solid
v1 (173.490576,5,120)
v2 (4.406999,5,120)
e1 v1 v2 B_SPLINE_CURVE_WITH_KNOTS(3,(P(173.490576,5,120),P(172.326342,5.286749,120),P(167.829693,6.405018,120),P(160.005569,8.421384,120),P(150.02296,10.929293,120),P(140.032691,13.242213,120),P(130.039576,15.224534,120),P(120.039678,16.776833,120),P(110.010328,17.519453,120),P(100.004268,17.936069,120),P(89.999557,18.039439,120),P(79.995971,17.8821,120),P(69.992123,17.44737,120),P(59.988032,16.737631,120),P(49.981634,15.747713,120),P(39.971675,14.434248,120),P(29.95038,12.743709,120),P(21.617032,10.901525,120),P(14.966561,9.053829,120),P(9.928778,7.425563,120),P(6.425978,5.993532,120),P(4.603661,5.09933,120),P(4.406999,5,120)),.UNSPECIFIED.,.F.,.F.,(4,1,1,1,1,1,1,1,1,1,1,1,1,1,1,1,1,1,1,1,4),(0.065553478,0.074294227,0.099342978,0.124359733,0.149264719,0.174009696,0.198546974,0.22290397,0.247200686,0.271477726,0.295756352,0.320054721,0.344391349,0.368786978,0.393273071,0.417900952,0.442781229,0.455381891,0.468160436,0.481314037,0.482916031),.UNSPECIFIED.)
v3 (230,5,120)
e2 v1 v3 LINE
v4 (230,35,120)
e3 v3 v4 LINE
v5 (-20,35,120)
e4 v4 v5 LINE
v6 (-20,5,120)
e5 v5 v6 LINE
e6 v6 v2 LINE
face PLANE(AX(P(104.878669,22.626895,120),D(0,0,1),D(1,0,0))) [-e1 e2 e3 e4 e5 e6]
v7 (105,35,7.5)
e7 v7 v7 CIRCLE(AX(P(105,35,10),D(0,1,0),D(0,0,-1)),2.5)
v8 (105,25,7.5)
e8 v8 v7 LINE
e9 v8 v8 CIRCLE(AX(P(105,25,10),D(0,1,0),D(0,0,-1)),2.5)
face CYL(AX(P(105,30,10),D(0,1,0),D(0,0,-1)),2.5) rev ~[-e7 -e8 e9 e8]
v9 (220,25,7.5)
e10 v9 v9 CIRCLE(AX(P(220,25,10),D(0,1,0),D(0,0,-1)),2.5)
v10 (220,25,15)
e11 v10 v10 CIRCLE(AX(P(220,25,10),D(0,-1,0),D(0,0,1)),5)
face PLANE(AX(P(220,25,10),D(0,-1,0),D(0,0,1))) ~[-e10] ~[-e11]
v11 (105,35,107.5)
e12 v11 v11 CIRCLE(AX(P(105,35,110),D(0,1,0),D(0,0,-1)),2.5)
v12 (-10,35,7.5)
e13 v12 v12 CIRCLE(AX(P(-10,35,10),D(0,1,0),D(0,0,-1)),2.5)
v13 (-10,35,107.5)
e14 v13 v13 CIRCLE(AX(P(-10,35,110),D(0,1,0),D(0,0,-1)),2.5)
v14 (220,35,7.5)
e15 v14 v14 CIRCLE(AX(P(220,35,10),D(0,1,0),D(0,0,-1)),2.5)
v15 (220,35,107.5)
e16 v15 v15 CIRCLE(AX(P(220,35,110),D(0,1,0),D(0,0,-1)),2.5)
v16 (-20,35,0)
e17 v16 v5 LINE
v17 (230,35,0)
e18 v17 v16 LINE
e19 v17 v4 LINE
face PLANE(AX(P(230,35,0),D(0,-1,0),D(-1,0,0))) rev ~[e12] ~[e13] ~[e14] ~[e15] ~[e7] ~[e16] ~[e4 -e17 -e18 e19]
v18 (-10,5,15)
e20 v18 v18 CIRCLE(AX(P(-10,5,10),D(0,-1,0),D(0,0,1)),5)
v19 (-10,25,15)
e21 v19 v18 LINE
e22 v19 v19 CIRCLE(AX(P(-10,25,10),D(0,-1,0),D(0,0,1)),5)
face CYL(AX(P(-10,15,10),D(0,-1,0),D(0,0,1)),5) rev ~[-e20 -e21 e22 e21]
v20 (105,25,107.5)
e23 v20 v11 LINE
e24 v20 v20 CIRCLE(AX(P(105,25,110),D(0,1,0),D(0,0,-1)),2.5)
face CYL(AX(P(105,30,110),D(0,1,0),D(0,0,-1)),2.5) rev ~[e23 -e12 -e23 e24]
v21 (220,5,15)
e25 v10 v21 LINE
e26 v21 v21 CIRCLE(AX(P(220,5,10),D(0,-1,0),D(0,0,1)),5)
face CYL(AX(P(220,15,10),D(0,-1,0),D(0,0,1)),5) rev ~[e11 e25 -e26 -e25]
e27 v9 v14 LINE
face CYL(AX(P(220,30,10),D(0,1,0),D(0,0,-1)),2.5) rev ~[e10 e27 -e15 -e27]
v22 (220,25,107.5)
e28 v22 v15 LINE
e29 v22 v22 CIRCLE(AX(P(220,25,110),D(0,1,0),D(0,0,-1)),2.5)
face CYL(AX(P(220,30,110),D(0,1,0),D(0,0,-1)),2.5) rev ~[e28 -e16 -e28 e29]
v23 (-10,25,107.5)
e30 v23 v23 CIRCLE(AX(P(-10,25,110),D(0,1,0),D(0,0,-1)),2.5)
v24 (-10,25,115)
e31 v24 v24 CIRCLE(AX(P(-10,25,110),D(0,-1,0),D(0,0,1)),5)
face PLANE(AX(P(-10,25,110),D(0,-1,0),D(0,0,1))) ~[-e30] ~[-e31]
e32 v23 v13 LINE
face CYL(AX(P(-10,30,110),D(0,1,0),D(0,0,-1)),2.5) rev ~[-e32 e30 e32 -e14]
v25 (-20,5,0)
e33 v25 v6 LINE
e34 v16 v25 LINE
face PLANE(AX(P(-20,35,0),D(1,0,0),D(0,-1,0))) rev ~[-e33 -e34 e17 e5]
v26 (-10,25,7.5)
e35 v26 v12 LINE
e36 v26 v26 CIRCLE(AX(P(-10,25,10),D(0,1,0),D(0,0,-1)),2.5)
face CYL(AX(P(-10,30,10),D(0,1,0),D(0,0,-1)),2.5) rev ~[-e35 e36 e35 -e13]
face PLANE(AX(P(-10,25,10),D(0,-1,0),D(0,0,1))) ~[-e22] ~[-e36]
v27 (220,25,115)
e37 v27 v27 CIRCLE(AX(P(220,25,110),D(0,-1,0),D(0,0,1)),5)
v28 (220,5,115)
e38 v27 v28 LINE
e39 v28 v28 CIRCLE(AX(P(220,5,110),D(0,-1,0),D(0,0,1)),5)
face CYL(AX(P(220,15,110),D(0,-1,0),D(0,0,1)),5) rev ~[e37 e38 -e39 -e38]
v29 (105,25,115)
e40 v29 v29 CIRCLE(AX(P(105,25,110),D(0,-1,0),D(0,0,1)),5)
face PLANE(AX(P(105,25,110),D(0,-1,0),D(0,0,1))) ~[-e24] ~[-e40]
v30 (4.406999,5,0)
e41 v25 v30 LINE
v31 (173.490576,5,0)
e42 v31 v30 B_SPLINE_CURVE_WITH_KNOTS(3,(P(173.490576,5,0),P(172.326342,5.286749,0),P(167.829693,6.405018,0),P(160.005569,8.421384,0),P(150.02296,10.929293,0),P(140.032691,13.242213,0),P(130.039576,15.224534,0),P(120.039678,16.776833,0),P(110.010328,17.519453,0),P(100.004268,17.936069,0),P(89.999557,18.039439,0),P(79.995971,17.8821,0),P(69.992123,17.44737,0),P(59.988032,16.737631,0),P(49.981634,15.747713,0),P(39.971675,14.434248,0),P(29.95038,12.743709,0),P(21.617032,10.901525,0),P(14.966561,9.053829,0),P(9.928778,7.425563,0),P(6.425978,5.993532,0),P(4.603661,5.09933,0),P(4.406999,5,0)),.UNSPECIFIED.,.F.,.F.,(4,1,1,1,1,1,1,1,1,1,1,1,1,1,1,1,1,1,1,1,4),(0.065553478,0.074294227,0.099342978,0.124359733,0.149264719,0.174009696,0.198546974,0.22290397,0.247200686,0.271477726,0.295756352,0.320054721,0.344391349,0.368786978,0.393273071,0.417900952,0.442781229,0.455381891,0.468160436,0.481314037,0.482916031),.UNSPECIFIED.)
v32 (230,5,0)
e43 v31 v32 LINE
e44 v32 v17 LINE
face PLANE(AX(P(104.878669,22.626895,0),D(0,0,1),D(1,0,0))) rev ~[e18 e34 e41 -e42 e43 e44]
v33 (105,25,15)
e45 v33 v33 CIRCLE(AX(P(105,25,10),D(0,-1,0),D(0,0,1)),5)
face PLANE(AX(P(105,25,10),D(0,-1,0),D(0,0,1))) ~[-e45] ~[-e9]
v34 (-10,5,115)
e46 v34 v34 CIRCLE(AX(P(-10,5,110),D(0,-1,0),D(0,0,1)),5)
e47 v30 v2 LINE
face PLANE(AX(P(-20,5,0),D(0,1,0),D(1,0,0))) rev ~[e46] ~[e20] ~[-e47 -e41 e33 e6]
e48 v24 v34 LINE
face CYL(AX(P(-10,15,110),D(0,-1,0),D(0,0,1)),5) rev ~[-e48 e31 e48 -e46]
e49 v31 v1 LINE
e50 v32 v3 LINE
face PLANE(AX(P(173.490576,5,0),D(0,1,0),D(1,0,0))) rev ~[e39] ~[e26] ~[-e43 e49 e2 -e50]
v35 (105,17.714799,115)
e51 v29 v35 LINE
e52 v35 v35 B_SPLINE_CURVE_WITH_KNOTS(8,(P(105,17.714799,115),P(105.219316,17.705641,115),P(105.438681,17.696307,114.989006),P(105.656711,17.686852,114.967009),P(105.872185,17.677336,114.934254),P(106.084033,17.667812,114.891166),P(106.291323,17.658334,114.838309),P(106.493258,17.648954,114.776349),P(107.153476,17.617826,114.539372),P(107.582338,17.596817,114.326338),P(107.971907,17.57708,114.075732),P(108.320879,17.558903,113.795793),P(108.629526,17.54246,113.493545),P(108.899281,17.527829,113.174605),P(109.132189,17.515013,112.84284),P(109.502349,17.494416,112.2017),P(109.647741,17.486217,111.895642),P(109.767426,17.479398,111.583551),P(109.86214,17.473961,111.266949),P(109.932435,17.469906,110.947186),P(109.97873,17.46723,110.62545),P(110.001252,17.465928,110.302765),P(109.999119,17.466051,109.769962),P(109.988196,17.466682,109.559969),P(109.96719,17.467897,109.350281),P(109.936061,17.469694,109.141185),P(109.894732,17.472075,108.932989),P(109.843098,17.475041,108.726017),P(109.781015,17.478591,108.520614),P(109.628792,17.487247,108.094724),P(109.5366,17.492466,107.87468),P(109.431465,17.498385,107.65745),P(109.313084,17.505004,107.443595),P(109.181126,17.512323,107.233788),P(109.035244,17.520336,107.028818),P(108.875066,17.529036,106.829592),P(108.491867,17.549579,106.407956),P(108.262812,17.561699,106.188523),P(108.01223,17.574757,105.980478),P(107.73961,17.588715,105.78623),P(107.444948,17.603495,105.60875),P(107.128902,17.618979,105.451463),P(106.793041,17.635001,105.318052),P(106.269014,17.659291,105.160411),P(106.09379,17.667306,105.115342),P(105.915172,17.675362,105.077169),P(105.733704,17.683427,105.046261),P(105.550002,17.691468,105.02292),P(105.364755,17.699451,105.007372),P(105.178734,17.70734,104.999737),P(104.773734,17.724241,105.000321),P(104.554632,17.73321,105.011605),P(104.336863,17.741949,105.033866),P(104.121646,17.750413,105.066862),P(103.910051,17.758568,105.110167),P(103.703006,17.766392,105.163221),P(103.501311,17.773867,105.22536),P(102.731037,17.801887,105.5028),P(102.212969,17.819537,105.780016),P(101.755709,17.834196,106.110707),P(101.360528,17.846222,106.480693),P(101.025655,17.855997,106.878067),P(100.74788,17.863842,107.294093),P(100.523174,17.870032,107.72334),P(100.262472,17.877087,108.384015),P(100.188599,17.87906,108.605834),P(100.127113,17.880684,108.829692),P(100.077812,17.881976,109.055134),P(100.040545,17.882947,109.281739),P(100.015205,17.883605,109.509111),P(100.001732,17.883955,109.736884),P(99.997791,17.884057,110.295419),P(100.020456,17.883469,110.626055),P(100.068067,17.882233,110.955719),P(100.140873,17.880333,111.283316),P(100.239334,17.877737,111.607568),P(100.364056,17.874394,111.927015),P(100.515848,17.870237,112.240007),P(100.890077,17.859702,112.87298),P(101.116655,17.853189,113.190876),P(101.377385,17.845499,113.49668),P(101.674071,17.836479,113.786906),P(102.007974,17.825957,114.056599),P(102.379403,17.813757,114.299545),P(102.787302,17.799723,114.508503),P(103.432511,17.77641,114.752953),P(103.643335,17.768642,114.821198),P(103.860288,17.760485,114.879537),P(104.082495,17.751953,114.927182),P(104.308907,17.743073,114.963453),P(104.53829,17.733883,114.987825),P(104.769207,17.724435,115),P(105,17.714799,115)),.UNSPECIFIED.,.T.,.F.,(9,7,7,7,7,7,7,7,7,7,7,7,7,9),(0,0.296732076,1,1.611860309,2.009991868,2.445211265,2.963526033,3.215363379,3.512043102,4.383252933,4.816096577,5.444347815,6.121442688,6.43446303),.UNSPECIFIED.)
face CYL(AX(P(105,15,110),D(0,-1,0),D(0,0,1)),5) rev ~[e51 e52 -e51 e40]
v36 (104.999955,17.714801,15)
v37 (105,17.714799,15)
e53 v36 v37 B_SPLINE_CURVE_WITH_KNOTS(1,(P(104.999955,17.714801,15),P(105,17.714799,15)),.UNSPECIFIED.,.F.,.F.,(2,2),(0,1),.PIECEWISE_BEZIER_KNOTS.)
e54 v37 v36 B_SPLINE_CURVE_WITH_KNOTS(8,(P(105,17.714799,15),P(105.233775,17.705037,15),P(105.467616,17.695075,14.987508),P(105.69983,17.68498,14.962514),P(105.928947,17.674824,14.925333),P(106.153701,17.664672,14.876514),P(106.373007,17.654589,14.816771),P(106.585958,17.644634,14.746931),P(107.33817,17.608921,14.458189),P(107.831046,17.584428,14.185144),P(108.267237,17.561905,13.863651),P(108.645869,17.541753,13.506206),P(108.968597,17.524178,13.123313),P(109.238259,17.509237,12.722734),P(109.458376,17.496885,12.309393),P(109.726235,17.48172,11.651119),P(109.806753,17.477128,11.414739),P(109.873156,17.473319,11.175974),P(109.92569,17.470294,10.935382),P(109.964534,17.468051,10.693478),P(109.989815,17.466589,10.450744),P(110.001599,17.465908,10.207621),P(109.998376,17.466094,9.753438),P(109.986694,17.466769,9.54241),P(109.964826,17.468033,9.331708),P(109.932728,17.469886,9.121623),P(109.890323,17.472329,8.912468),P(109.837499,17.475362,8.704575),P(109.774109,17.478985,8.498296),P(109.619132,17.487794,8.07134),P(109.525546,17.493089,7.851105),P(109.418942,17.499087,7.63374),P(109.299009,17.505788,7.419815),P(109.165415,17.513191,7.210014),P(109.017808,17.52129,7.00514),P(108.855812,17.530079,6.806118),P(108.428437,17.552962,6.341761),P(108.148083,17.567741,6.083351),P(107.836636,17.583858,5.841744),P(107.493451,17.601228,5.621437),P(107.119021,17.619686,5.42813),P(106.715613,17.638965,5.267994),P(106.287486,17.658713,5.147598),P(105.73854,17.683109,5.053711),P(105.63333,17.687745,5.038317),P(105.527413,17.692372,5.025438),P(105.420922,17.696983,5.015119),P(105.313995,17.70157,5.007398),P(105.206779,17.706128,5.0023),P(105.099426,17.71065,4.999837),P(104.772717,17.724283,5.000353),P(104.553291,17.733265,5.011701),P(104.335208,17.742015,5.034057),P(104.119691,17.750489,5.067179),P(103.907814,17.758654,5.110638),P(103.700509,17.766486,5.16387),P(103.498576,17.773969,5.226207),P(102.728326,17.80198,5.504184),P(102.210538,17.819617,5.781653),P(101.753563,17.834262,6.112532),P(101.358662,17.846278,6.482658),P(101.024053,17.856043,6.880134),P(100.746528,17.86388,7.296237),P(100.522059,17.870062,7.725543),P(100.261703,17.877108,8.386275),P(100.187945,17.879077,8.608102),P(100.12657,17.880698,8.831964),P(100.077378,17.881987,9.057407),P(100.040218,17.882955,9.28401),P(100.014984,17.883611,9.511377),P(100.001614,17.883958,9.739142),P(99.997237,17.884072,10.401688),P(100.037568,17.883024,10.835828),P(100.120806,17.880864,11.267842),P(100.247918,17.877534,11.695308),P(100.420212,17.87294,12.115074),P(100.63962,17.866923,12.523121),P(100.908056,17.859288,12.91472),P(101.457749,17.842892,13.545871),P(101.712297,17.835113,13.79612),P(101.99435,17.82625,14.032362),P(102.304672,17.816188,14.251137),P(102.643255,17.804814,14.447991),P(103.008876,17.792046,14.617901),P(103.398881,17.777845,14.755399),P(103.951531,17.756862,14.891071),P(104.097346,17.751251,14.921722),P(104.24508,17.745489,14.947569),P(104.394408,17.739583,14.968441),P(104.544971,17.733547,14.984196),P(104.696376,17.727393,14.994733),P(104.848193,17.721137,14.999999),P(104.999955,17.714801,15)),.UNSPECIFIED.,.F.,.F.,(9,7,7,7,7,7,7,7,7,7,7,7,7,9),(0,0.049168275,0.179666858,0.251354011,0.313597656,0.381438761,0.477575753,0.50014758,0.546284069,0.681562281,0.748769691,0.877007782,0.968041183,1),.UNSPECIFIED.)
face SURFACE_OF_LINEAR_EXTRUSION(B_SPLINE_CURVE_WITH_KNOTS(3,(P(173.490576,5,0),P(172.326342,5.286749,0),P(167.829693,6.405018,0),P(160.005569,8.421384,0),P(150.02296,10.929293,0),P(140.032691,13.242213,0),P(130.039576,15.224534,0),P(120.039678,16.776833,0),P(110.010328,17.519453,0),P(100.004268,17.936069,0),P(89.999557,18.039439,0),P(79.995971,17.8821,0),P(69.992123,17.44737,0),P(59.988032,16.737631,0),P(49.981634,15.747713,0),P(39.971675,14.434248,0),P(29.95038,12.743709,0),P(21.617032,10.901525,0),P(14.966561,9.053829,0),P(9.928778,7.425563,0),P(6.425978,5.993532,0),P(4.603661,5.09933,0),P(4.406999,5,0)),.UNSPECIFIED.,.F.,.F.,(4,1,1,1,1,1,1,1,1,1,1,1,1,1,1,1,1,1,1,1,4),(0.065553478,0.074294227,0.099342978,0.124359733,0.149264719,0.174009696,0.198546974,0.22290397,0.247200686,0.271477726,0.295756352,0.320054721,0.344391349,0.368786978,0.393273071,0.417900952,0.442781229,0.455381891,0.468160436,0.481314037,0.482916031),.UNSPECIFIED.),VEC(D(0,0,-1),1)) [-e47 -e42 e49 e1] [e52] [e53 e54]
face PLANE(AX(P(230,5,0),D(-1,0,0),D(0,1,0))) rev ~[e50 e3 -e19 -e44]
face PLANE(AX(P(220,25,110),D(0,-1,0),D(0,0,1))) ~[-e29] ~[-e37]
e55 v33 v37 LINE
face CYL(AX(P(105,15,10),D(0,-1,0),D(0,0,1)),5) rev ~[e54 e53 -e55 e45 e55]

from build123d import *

# Parameters (mm, degrees)
BOSS_EXTRUDE1_DEPTH             = 120
SKETCH10_W                      = 2.5
SKETCH10_H                      = 10
F_5_0MM_DOWEL_HOLE1_AT_2_COUNT  = 2
F_5_0MM_DOWEL_HOLE1_AT_2_PITCH  = 230
F_5_0MM_DOWEL_HOLE1_AT_3_COUNT  = 2
F_5_0MM_DOWEL_HOLE1_AT_3_PITCH  = 250.79872408
F_5_0MM_DOWEL_HOLE1_AT_4_COUNT  = 2
F_5_0MM_DOWEL_HOLE1_AT_4_PITCH  = 152.397506541
F_5_0MM_DOWEL_HOLE1_AT_5_COUNT  = 2
F_5_0MM_DOWEL_HOLE1_AT_5_PITCH  = 100
F_5_0MM_DOWEL_HOLE1_AT_6_COUNT  = 2
F_5_0MM_DOWEL_HOLE1_AT_6_PITCH  = 115
SKETCH13_W                      = 5
SKETCH13_H                      = 20
F_10_0MM_DOWEL_HOLE1_AT_2_COUNT = 2
F_10_0MM_DOWEL_HOLE1_AT_2_PITCH = 115
F_10_0MM_DOWEL_HOLE1_AT_3_COUNT = 2
F_10_0MM_DOWEL_HOLE1_AT_3_PITCH = 230
F_10_0MM_DOWEL_HOLE1_AT_4_COUNT = 2
F_10_0MM_DOWEL_HOLE1_AT_4_PITCH = 250.79872408
F_10_0MM_DOWEL_HOLE1_AT_5_COUNT = 2
F_10_0MM_DOWEL_HOLE1_AT_5_PITCH = 152.397506541
F_10_0MM_DOWEL_HOLE1_AT_6_COUNT = 2
F_10_0MM_DOWEL_HOLE1_AT_6_PITCH = 100


with BuildPart() as part:
    # Sketch1 → Boss-Extrude1 (new body)
    with BuildSketch(Plane.XY):
        with BuildLine():
            Line((-20, 5), (4.406999064, 5))
            add(Edge.make_bspline(
                [(173.490575932, 5), (172.326342066, 5.286749118), (167.829693344, 6.405018282), (160.005568623, 8.421384221), (150.022959876, 10.929293239), (140.032690883, 13.242212873), (130.039576349, 15.224534417), (120.039677674, 16.776832577), (110.010328484, 17.519452934), (100.004268105, 17.93606864), (89.999557234, 18.039439262), (79.99597078, 17.88209955), (69.992122817, 17.447369698), (59.98803219, 16.737630926), (49.981633888, 15.747713143), (39.97167458, 14.434248174), (29.95037961, 12.743709227), (21.617032213, 10.901524907), (14.966560888, 9.053828582), (9.928778454, 7.425562721), (6.425978449, 5.993531691), (4.603660534, 5.099329751), (4.406999064, 5)],
                knots=[0.065553478, 0.065553478, 0.065553478, 0.065553478, 0.074294227, 0.099342978, 0.124359733, 0.149264719, 0.174009696, 0.198546974, 0.22290397, 0.247200686, 0.271477726, 0.295756352, 0.320054721, 0.344391349, 0.368786978, 0.393273071, 0.417900952, 0.442781229, 0.455381891, 0.468160436, 0.481314037, 0.482916031, 0.482916031, 0.482916031, 0.482916031], degree=3))
            Line((173.490575932, 5), (230, 5))
            Line((230, 5), (230, 35))
            Line((230, 35), (-20, 35))
            Line((-20, 35), (-20, 5))
        make_face()
    extrude(amount=BOSS_EXTRUDE1_DEPTH)

    # Sketch10 → Ø5.0mm Dowel Hole1 (revolve, cut)
    with BuildSketch(Plane(origin=(-10, 25, 10), x_dir=(0, 0, -1), z_dir=(1, 0, 0))):
        with Locations((1.25, 5)):
            Rectangle(SKETCH10_W, SKETCH10_H)
    f_5_0mm_dowel_hole1 = revolve(axis=Axis((-10, 18.65, 10), (0, 1, 0)), mode=Mode.SUBTRACT)

    # Ø5.0mm Dowel Hole1 at 2: Ø5.0mm Dowel Hole1 ×2
    with Locations(*[(i * F_5_0MM_DOWEL_HOLE1_AT_2_PITCH, 0, 0) for i in range(1, F_5_0MM_DOWEL_HOLE1_AT_2_COUNT)]):
        add(f_5_0mm_dowel_hole1, mode=Mode.SUBTRACT)

    # Ø5.0mm Dowel Hole1 at 3: Ø5.0mm Dowel Hole1 ×2
    with Locations(*[Vector(0.917070056253235, 0, 0.39872611141445) * (i * F_5_0MM_DOWEL_HOLE1_AT_3_PITCH) for i in range(1, F_5_0MM_DOWEL_HOLE1_AT_3_COUNT)]):
        add(f_5_0mm_dowel_hole1, mode=Mode.SUBTRACT)

    # Ø5.0mm Dowel Hole1 at 4: Ø5.0mm Dowel Hole1 ×2
    with Locations(*[Vector(0.7546055221635047, 0, 0.6561787149247866) * (i * F_5_0MM_DOWEL_HOLE1_AT_4_PITCH) for i in range(1, F_5_0MM_DOWEL_HOLE1_AT_4_COUNT)]):
        add(f_5_0mm_dowel_hole1, mode=Mode.SUBTRACT)

    # Ø5.0mm Dowel Hole1 at 5: Ø5.0mm Dowel Hole1 ×2
    with Locations(*[(0, 0, i * F_5_0MM_DOWEL_HOLE1_AT_5_PITCH) for i in range(1, F_5_0MM_DOWEL_HOLE1_AT_5_COUNT)]):
        add(f_5_0mm_dowel_hole1, mode=Mode.SUBTRACT)

    # Ø5.0mm Dowel Hole1 at 6: Ø5.0mm Dowel Hole1 ×2
    with Locations(*[(i * F_5_0MM_DOWEL_HOLE1_AT_6_PITCH, 0, 0) for i in range(1, F_5_0MM_DOWEL_HOLE1_AT_6_COUNT)]):
        add(f_5_0mm_dowel_hole1, mode=Mode.SUBTRACT)

    # Sketch13 → Ø10.0mm Dowel Hole1 (revolve, cut)
    with BuildSketch(Plane(origin=(-10, 25, 10), x_dir=(0, 0, 1), z_dir=(1, 0, 0))):
        with Locations((2.5, 10)):
            Rectangle(SKETCH13_W, SKETCH13_H)
    f_10_0mm_dowel_hole1 = revolve(axis=Axis((-10, 31.35, 10), (0, -1, 0)), mode=Mode.SUBTRACT)

    # Ø10.0mm Dowel Hole1 at 2: Ø10.0mm Dowel Hole1 ×2
    with Locations(*[(i * F_10_0MM_DOWEL_HOLE1_AT_2_PITCH, 0, 0) for i in range(1, F_10_0MM_DOWEL_HOLE1_AT_2_COUNT)]):
        add(f_10_0mm_dowel_hole1, mode=Mode.SUBTRACT)

    # Ø10.0mm Dowel Hole1 at 3: Ø10.0mm Dowel Hole1 ×2
    with Locations(*[(i * F_10_0MM_DOWEL_HOLE1_AT_3_PITCH, 0, 0) for i in range(1, F_10_0MM_DOWEL_HOLE1_AT_3_COUNT)]):
        add(f_10_0mm_dowel_hole1, mode=Mode.SUBTRACT)

    # Ø10.0mm Dowel Hole1 at 4: Ø10.0mm Dowel Hole1 ×2
    with Locations(*[Vector(0.917070056253235, 0, 0.39872611141445) * (i * F_10_0MM_DOWEL_HOLE1_AT_4_PITCH) for i in range(1, F_10_0MM_DOWEL_HOLE1_AT_4_COUNT)]):
        add(f_10_0mm_dowel_hole1, mode=Mode.SUBTRACT)

    # Ø10.0mm Dowel Hole1 at 5: Ø10.0mm Dowel Hole1 ×2
    with Locations(*[Vector(0.7546055221635047, 0, 0.6561787149247866) * (i * F_10_0MM_DOWEL_HOLE1_AT_5_PITCH) for i in range(1, F_10_0MM_DOWEL_HOLE1_AT_5_COUNT)]):
        add(f_10_0mm_dowel_hole1, mode=Mode.SUBTRACT)

    # Ø10.0mm Dowel Hole1 at 6: Ø10.0mm Dowel Hole1 ×2
    with Locations(*[(0, 0, i * F_10_0MM_DOWEL_HOLE1_AT_6_PITCH) for i in range(1, F_10_0MM_DOWEL_HOLE1_AT_6_COUNT)]):
        add(f_10_0mm_dowel_hole1, mode=Mode.SUBTRACT)


solid = part.part
